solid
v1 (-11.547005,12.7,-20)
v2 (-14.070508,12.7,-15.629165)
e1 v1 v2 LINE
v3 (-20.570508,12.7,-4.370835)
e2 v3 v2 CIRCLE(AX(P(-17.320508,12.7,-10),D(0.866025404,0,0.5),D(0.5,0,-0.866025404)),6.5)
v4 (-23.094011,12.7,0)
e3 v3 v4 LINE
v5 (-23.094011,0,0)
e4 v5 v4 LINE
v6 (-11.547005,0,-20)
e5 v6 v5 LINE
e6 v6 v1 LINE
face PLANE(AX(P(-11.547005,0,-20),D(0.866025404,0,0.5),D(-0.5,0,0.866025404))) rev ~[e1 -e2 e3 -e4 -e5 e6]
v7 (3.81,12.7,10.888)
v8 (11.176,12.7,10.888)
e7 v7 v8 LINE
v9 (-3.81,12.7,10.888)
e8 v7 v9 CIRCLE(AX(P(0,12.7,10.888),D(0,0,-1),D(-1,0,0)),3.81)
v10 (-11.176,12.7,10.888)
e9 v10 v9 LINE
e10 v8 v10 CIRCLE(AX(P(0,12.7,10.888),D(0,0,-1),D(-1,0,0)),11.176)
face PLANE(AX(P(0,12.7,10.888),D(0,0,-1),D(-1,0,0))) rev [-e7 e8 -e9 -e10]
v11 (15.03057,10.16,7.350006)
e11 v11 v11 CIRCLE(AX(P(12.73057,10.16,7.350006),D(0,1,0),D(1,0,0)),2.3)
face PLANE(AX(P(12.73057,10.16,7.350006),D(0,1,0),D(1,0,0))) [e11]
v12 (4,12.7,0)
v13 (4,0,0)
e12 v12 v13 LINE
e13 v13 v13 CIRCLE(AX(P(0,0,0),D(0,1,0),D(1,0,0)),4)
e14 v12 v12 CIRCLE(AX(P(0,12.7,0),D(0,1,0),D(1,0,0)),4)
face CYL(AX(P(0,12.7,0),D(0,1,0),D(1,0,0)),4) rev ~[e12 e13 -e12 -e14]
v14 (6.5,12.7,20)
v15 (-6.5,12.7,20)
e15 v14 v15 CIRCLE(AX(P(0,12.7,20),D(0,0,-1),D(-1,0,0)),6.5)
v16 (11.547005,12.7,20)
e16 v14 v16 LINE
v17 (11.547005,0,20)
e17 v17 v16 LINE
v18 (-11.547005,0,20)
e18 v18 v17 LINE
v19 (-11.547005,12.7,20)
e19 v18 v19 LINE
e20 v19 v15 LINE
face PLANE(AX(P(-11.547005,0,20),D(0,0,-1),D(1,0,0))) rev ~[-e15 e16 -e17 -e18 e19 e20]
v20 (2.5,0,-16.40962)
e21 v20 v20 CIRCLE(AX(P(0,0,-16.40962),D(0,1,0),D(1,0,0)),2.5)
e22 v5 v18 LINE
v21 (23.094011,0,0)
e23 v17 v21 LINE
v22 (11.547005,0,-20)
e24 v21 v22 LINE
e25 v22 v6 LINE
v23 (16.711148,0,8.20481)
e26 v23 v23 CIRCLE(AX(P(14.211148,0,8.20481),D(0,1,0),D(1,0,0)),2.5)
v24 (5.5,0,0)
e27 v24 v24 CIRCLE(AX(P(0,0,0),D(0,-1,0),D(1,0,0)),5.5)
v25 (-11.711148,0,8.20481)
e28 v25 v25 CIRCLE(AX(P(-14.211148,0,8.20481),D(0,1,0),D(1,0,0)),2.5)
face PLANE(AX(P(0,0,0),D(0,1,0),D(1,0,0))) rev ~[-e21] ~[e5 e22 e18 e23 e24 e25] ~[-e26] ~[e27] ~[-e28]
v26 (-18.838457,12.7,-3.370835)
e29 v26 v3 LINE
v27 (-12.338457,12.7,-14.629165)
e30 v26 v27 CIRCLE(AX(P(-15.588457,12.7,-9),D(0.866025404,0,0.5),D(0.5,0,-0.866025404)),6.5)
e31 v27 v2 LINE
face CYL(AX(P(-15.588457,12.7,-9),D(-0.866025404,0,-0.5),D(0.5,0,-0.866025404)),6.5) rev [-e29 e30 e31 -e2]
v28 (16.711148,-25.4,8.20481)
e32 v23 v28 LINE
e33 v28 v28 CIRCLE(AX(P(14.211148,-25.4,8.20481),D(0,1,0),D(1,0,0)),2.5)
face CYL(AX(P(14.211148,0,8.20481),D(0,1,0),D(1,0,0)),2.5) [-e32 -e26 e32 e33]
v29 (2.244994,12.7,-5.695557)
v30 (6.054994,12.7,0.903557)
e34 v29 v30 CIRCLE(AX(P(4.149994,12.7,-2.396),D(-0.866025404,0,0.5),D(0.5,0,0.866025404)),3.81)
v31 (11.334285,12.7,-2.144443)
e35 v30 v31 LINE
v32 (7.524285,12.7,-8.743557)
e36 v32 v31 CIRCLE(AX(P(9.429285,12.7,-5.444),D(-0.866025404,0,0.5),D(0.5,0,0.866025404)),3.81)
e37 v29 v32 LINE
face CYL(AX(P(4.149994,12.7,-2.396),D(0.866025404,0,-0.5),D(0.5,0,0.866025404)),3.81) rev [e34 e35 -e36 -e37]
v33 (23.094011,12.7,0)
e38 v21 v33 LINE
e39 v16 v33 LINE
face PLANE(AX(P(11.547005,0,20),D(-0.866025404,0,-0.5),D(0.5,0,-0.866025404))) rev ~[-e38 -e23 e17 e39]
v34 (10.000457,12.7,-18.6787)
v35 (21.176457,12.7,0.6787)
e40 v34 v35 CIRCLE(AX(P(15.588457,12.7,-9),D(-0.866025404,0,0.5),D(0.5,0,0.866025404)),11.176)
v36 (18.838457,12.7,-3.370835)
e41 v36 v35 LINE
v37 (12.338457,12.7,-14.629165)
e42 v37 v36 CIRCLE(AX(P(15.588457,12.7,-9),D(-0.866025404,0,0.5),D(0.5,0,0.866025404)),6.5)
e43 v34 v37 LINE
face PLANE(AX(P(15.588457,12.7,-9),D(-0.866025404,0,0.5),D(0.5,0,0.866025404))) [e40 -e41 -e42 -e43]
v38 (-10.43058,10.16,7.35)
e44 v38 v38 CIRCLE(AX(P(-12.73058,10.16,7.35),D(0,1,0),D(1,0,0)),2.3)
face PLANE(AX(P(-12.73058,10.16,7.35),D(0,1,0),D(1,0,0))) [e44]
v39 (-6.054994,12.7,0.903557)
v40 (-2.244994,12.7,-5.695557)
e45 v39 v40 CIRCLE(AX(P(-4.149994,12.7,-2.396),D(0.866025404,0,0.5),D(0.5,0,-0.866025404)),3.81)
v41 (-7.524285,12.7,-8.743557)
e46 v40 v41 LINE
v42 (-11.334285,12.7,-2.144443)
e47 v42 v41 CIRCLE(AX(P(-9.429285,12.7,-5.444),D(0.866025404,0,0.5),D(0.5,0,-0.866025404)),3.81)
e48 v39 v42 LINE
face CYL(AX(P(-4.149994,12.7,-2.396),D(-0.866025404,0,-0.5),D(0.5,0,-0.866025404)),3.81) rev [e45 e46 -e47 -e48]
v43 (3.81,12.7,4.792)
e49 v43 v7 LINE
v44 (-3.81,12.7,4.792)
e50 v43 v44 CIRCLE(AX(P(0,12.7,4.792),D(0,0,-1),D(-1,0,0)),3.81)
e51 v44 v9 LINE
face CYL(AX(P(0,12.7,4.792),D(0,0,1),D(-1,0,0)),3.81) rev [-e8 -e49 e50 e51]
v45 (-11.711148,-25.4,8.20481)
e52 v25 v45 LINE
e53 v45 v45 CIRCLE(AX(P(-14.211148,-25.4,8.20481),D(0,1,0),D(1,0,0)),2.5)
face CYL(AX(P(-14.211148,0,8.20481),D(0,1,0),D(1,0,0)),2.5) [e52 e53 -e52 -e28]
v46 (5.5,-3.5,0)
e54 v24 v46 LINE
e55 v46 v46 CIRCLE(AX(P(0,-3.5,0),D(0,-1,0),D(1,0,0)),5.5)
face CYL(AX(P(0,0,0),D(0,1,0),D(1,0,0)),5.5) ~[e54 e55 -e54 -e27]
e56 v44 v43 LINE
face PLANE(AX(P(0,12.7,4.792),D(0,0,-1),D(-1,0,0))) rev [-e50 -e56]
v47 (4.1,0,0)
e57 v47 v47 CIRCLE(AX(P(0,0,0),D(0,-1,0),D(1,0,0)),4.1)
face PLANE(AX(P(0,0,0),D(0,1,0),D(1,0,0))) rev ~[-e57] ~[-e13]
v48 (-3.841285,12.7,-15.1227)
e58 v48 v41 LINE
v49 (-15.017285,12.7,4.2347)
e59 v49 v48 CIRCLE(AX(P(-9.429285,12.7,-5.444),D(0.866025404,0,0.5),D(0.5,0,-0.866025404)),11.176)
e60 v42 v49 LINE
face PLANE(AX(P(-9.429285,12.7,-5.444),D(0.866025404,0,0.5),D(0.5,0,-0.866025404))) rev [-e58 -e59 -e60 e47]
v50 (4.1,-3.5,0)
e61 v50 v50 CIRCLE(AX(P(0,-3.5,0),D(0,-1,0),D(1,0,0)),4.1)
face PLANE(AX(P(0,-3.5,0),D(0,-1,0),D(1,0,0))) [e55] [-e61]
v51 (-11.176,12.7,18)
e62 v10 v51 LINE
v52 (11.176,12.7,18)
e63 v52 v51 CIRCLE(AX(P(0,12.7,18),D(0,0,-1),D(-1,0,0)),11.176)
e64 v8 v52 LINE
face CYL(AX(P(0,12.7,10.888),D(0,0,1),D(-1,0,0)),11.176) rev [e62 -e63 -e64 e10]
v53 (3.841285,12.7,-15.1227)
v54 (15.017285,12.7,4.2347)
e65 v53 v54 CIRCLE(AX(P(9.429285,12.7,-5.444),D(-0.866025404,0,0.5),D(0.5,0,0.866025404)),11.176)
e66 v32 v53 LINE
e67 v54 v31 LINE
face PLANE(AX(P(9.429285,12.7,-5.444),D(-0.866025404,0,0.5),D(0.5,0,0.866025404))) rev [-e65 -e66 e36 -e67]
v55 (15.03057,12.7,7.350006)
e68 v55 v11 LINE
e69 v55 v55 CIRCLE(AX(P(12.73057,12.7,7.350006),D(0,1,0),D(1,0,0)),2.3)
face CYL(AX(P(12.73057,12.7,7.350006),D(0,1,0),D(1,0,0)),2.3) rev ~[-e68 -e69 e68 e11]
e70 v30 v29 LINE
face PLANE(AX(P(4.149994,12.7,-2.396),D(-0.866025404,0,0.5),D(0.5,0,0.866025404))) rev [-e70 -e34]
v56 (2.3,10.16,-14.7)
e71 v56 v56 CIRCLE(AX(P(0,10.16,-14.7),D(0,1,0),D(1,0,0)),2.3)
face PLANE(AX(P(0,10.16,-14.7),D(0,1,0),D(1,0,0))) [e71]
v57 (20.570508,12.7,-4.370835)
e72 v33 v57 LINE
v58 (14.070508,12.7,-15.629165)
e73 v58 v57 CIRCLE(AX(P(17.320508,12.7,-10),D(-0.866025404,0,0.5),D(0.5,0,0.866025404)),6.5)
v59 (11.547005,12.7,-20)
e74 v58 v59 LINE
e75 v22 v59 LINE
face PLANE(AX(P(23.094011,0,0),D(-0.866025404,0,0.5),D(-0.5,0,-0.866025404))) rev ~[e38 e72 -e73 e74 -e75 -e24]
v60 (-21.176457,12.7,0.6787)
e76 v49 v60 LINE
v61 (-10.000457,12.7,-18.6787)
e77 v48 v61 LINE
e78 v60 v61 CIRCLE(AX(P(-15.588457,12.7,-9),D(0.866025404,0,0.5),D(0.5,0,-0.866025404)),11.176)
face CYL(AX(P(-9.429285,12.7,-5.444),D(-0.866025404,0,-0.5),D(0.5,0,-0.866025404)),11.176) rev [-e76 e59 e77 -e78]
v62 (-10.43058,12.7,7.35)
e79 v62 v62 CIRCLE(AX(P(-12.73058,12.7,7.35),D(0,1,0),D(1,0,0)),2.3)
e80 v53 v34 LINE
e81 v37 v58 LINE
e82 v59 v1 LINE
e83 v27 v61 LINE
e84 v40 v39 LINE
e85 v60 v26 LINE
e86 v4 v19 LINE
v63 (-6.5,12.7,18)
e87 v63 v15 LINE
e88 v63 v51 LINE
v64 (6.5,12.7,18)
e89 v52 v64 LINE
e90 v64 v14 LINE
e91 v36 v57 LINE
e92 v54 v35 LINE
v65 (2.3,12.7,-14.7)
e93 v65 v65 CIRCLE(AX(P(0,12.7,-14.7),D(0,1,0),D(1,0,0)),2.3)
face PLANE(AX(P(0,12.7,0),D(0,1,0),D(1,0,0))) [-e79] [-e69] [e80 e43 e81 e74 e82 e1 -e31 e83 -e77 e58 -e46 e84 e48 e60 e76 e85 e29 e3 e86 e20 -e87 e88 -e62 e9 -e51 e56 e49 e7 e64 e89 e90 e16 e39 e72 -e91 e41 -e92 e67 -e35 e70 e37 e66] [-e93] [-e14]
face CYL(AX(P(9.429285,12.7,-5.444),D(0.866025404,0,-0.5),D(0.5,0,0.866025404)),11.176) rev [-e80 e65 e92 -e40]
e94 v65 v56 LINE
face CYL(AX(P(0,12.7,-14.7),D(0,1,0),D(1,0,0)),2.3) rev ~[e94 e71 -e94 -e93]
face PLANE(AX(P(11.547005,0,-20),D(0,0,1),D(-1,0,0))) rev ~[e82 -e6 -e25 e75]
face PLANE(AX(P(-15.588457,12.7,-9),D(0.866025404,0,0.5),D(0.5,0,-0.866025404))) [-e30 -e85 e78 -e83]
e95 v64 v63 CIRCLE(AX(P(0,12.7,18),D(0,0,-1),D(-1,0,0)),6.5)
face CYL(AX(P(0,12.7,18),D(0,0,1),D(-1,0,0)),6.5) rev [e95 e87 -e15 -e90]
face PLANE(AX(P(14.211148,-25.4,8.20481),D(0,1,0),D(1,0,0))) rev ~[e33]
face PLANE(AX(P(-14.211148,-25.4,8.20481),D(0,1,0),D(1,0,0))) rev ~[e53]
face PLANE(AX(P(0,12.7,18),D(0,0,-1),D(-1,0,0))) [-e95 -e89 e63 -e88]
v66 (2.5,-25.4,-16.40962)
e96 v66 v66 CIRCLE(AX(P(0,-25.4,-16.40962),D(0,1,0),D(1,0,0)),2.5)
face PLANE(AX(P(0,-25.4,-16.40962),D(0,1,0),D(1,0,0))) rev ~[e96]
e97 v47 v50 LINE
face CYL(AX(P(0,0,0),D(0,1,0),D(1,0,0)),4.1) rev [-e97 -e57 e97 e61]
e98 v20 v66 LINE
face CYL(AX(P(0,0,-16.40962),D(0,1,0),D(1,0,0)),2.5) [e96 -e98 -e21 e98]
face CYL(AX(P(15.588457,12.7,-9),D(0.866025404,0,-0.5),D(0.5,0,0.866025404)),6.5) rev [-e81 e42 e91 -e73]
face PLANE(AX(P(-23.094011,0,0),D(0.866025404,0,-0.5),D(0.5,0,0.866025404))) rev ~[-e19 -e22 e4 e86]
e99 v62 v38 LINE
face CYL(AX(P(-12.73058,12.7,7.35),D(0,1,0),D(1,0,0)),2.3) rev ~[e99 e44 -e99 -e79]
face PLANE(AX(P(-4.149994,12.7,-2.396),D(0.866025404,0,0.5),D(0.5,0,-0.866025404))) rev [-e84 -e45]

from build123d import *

# Parameters (mm, degrees)
BOSS_EXTRUDE1_DEPTH = 12.7
SKETCH2_R           = 5.5
SKETCH2_R_2         = 4.1
BOSS_EXTRUDE2_DEPTH = 3.499999906
CIRPATTERN1_COUNT   = 3
SKETCH6_R           = 4
CUT_EXTRUDE1_DEPTH  = 17.199999906
RANDOM_CIRCLES_R    = 2.3
CUT_EXTRUDE2_DEPTH  = 2.54
SKETCH8_R           = 2.5
BOSS_EXTRUDE3_DEPTH = 25.4


with BuildPart() as part:
    # Sketch1 → Boss-Extrude1 (new body)
    with BuildSketch(Plane(origin=(0, 0, 0), x_dir=(1, 0, 0), z_dir=(0, 1, 0))):
        Polygon((11.547005384, -20), (23.094010768, 0), (11.547005384, 20), (-11.547005384, 20), (-23.094010768, 0), (-11.547005384, -20), align=None)
    extrude(amount=BOSS_EXTRUDE1_DEPTH)

    # Sketch2 → Boss-Extrude2 (add)
    with BuildSketch(Plane.XZ):
        Circle(SKETCH2_R)
        Circle(SKETCH2_R_2, mode=Mode.SUBTRACT)
    extrude(amount=BOSS_EXTRUDE2_DEPTH)

    # Sketch5 → Cut-Revolve1 (revolve, cut)
    with BuildSketch(Plane(origin=(0, 12.7, 0), x_dir=(1, 0, 0), z_dir=(0, 1, 0))):
        Polygon((0, -20), (0, -4.792), (-3.81, -4.792), (-3.81, -10.888), (-11.176, -10.888), (-11.176, -18), (-6.5, -18), (-6.5, -20), align=None)
    cut_revolve1 = revolve(axis=Axis((0, 12.7, 20), (0, 0, -1)), mode=Mode.SUBTRACT)

    # CirPattern1: Cut-Revolve1 ×3 about axis
    cirpattern1_axis = Axis((0, 0, 0), (0, 1, 0))
    for i in range(1, CIRPATTERN1_COUNT):
        add(cut_revolve1.rotate(cirpattern1_axis, i * 360 / CIRPATTERN1_COUNT), mode=Mode.SUBTRACT)

    # Sketch6 → Cut-Extrude1 (cut, through all)
    with BuildSketch(Plane(origin=(0, 12.7, 0), x_dir=(1, 0, 0), z_dir=(0, 1, 0))):
        Circle(SKETCH6_R)
    extrude(amount=-CUT_EXTRUDE1_DEPTH, mode=Mode.SUBTRACT)

    # Random Circles → Cut-Extrude2 (cut)
    with BuildSketch(Plane(origin=(0, 12.7, 0), x_dir=(1, 0, 0), z_dir=(0, 1, 0))):
        with Locations((0, 14.7)):
            Circle(RANDOM_CIRCLES_R)
        with Locations((12.730569972, -7.350006)):
            Circle(RANDOM_CIRCLES_R)
        with Locations((-12.730580364, -7.35)):
            Circle(RANDOM_CIRCLES_R)
    extrude(amount=-CUT_EXTRUDE2_DEPTH, mode=Mode.SUBTRACT)

    # Sketch8 → Boss-Extrude3 (add)
    with BuildSketch(Plane(origin=(0, 0, 0), x_dir=(1, 0, 0), z_dir=(0, 1, 0))):
        with Locations((0, 16.40962)):
            Circle(SKETCH8_R)
        with Locations((14.211147786, -8.20481)):
            Circle(SKETCH8_R)
        with Locations((-14.211147786, -8.20481)):
            Circle(SKETCH8_R)
    extrude(amount=-BOSS_EXTRUDE3_DEPTH)


solid = part.part
